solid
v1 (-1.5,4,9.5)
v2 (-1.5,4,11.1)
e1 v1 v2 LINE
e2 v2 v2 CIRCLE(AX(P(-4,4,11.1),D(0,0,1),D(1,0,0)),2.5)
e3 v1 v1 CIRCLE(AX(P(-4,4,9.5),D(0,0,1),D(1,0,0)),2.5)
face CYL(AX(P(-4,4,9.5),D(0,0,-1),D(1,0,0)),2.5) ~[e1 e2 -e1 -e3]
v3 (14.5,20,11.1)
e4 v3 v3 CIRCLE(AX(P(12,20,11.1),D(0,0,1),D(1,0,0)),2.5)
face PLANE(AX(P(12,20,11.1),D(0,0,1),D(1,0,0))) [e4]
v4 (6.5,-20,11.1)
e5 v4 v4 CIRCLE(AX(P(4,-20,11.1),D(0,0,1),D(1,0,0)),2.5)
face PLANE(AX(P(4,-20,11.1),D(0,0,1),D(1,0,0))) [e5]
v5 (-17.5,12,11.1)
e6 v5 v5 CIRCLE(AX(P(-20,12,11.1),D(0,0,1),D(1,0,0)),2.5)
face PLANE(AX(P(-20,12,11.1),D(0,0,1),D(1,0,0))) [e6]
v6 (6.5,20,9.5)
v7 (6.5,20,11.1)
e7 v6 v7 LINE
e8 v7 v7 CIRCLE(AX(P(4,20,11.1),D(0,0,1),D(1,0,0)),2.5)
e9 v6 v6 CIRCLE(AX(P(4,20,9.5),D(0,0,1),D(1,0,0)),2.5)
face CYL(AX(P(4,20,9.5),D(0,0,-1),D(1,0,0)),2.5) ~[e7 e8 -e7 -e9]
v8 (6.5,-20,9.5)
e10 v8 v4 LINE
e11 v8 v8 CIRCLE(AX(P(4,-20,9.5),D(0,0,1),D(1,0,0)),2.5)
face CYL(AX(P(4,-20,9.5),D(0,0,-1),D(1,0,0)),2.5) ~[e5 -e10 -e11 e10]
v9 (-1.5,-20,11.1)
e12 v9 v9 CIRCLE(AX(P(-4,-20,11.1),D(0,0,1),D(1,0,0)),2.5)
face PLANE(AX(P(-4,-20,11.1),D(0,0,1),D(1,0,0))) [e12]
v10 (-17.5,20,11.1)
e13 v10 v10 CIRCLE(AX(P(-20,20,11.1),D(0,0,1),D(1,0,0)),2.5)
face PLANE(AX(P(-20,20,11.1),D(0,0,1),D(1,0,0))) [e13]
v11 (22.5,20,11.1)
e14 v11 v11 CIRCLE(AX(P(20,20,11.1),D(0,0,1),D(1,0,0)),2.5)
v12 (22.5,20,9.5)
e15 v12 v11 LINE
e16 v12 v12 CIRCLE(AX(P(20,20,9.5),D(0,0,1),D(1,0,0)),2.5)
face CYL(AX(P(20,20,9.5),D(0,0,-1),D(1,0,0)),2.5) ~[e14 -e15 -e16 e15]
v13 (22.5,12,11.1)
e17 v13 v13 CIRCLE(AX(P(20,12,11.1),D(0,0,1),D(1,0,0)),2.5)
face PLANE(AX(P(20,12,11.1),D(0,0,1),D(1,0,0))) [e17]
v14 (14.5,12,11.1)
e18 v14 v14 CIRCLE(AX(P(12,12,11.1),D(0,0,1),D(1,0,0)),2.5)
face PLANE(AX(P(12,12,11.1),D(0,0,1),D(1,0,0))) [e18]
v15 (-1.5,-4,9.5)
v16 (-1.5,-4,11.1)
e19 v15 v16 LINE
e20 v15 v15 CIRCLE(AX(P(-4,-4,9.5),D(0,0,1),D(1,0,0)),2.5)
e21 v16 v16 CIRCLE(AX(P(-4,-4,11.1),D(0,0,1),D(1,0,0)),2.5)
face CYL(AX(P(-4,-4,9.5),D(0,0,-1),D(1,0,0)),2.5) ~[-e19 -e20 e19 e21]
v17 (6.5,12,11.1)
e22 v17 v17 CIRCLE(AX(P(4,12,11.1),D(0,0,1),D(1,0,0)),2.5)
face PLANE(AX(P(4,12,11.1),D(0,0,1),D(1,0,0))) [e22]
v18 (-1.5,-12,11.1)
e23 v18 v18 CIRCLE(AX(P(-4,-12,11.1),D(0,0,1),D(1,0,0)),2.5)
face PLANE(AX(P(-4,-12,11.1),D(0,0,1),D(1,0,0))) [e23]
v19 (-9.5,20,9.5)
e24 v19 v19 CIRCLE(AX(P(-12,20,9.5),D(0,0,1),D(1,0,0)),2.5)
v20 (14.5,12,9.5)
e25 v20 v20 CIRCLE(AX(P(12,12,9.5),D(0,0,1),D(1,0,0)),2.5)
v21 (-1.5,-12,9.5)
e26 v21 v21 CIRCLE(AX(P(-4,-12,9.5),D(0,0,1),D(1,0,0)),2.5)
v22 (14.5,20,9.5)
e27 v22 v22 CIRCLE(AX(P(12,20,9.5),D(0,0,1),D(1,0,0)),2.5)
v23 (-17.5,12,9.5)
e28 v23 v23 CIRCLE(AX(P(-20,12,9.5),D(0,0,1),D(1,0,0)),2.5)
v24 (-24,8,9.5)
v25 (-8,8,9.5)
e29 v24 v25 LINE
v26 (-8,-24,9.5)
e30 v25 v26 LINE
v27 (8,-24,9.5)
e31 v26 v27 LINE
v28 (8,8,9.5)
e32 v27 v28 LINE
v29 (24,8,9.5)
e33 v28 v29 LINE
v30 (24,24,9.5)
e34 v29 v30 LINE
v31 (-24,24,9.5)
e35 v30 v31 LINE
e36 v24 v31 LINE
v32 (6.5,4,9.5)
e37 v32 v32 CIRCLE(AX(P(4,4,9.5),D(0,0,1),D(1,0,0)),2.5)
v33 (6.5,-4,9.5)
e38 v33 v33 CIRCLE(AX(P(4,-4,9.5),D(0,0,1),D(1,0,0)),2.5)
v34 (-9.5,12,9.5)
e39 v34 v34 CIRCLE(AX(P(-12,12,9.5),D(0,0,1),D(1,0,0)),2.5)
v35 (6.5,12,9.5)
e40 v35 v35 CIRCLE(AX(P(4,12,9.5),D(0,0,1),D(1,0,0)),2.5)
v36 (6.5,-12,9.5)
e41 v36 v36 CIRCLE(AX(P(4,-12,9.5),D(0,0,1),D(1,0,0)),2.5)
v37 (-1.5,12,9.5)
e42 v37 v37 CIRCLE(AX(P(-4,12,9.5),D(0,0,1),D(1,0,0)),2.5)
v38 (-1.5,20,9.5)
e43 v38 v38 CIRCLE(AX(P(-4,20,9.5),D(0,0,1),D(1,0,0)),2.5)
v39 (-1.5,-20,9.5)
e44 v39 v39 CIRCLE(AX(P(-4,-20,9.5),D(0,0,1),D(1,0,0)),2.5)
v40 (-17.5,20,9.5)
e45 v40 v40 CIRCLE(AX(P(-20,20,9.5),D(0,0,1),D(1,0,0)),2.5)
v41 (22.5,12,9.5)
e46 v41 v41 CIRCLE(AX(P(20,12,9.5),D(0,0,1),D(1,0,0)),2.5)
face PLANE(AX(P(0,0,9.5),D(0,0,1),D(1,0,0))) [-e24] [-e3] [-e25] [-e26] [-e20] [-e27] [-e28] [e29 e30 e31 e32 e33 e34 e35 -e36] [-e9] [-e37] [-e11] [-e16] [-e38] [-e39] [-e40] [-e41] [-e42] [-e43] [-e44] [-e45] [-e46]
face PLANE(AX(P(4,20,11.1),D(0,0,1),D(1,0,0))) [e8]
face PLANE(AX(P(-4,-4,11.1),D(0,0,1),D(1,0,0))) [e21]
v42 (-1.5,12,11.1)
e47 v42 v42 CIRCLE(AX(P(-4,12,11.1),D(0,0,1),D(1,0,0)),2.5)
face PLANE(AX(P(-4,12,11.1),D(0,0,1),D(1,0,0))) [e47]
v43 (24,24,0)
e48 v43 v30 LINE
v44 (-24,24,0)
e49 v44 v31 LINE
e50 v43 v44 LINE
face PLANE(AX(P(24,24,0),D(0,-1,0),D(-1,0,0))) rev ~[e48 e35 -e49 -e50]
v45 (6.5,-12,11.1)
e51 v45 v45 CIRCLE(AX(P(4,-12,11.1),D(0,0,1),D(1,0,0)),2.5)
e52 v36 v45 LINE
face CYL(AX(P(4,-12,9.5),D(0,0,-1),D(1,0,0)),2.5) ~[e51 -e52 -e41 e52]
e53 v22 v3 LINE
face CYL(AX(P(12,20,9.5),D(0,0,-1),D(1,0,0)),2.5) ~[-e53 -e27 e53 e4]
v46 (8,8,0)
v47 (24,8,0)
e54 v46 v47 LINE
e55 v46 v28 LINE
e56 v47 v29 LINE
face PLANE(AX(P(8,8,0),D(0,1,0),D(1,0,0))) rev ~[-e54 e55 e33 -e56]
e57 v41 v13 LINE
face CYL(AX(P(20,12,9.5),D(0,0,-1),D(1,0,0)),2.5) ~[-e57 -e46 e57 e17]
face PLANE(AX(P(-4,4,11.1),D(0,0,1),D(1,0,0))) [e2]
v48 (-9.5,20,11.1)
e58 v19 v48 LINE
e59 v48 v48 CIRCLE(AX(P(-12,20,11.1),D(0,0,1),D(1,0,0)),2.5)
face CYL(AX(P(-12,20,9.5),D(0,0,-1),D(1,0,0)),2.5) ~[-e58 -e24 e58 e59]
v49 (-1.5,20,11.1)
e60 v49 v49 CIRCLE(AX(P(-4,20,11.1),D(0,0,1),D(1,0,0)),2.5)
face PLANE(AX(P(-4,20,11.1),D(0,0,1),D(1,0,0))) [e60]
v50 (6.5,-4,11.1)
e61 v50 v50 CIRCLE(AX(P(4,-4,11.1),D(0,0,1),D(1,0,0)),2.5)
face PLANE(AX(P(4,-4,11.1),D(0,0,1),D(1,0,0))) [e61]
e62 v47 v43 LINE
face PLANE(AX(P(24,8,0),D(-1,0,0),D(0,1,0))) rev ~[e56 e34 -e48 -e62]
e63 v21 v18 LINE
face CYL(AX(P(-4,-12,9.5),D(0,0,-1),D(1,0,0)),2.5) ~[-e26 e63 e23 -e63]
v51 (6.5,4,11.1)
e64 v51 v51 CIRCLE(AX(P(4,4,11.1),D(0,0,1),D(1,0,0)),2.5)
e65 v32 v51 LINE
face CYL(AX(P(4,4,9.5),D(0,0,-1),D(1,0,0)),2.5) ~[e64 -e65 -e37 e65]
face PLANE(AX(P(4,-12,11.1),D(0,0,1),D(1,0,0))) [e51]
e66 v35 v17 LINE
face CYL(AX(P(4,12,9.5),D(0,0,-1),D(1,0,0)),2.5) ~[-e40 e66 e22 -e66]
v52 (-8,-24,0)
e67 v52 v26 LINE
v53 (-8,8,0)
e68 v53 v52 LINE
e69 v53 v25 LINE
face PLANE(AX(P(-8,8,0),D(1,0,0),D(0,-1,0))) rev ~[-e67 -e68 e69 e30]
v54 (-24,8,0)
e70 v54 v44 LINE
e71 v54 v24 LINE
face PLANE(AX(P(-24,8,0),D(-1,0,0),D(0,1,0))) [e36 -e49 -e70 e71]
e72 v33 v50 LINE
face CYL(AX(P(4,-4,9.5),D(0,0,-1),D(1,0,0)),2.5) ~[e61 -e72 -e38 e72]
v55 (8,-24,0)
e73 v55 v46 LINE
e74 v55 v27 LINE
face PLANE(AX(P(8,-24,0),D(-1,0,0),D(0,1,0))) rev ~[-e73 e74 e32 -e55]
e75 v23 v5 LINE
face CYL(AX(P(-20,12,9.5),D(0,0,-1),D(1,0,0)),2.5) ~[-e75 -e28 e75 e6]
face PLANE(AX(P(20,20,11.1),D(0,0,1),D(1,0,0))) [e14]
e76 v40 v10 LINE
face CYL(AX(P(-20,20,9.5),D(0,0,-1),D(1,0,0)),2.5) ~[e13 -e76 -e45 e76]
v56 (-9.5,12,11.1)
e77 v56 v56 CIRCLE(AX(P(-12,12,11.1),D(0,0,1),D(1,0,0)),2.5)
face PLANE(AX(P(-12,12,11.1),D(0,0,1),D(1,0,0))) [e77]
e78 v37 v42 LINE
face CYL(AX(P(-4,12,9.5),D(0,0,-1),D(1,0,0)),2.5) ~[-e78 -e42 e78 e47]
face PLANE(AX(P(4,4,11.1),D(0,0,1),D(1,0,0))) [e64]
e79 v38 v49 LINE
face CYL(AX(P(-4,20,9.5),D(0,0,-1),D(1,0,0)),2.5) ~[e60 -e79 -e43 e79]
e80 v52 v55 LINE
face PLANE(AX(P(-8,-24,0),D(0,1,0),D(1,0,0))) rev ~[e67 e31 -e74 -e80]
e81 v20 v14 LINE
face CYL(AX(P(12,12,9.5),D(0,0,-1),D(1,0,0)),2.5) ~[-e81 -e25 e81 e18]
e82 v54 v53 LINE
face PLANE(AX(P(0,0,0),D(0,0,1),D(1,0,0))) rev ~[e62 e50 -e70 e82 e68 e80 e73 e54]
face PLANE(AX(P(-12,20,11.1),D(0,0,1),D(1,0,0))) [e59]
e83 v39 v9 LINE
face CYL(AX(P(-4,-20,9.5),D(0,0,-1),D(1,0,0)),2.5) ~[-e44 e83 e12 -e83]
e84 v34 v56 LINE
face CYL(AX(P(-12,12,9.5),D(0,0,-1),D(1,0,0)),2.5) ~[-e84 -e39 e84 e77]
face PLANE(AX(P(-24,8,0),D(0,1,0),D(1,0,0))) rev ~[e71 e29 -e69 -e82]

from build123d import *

# Parameters (mm, degrees)
F0_W     = 16
F0_H     = 16
F1_DEPTH = 9.5
F2_R     = 2.5
F3_DEPTH = 1.6


with BuildPart() as f1:
    # F0 (on Top) → F1 (new body)
    with BuildSketch(Plane.XY):
        Polygon((-8, -24), (8, -24), (8, 8), (8, 24), (-8, 24), (-8, 8), align=None)
        with Locations((16, 16)):
            Rectangle(F0_W, F0_H)
        with Locations((-16, 16)):
            Rectangle(F0_W, F0_H)
    extrude(amount=F1_DEPTH)

    # F2 (on face) → F3 (join)
    with BuildSketch(Plane.XY.offset(9.5)):
        with Locations((-20, 20)):
            Circle(F2_R)
        with Locations((-20, 12)):
            Circle(F2_R)
        with Locations((-12, 20)):
            Circle(F2_R)
        with Locations((-12, 12)):
            Circle(F2_R)
        with Locations((-4, 20)):
            Circle(F2_R)
        with Locations((-4, 12)):
            Circle(F2_R)
        with Locations((4, 20)):
            Circle(F2_R)
        with Locations((4, 12)):
            Circle(F2_R)
        with Locations((12, 12)):
            Circle(F2_R)
        with Locations((12, 20)):
            Circle(F2_R)
        with Locations((20, 20)):
            Circle(F2_R)
        with Locations((20, 12)):
            Circle(F2_R)
        with Locations((-4, 4)):
            Circle(F2_R)
        with Locations((4, 4)):
            Circle(F2_R)
        with Locations((-4, -4)):
            Circle(F2_R)
        with Locations((4, -4)):
            Circle(F2_R)
        with Locations((4, -12)):
            Circle(F2_R)
        with Locations((-4, -12)):
            Circle(F2_R)
        with Locations((-4, -20)):
            Circle(F2_R)
        with Locations((4, -20)):
            Circle(F2_R)
    extrude(amount=F3_DEPTH)


solid = f1.part
